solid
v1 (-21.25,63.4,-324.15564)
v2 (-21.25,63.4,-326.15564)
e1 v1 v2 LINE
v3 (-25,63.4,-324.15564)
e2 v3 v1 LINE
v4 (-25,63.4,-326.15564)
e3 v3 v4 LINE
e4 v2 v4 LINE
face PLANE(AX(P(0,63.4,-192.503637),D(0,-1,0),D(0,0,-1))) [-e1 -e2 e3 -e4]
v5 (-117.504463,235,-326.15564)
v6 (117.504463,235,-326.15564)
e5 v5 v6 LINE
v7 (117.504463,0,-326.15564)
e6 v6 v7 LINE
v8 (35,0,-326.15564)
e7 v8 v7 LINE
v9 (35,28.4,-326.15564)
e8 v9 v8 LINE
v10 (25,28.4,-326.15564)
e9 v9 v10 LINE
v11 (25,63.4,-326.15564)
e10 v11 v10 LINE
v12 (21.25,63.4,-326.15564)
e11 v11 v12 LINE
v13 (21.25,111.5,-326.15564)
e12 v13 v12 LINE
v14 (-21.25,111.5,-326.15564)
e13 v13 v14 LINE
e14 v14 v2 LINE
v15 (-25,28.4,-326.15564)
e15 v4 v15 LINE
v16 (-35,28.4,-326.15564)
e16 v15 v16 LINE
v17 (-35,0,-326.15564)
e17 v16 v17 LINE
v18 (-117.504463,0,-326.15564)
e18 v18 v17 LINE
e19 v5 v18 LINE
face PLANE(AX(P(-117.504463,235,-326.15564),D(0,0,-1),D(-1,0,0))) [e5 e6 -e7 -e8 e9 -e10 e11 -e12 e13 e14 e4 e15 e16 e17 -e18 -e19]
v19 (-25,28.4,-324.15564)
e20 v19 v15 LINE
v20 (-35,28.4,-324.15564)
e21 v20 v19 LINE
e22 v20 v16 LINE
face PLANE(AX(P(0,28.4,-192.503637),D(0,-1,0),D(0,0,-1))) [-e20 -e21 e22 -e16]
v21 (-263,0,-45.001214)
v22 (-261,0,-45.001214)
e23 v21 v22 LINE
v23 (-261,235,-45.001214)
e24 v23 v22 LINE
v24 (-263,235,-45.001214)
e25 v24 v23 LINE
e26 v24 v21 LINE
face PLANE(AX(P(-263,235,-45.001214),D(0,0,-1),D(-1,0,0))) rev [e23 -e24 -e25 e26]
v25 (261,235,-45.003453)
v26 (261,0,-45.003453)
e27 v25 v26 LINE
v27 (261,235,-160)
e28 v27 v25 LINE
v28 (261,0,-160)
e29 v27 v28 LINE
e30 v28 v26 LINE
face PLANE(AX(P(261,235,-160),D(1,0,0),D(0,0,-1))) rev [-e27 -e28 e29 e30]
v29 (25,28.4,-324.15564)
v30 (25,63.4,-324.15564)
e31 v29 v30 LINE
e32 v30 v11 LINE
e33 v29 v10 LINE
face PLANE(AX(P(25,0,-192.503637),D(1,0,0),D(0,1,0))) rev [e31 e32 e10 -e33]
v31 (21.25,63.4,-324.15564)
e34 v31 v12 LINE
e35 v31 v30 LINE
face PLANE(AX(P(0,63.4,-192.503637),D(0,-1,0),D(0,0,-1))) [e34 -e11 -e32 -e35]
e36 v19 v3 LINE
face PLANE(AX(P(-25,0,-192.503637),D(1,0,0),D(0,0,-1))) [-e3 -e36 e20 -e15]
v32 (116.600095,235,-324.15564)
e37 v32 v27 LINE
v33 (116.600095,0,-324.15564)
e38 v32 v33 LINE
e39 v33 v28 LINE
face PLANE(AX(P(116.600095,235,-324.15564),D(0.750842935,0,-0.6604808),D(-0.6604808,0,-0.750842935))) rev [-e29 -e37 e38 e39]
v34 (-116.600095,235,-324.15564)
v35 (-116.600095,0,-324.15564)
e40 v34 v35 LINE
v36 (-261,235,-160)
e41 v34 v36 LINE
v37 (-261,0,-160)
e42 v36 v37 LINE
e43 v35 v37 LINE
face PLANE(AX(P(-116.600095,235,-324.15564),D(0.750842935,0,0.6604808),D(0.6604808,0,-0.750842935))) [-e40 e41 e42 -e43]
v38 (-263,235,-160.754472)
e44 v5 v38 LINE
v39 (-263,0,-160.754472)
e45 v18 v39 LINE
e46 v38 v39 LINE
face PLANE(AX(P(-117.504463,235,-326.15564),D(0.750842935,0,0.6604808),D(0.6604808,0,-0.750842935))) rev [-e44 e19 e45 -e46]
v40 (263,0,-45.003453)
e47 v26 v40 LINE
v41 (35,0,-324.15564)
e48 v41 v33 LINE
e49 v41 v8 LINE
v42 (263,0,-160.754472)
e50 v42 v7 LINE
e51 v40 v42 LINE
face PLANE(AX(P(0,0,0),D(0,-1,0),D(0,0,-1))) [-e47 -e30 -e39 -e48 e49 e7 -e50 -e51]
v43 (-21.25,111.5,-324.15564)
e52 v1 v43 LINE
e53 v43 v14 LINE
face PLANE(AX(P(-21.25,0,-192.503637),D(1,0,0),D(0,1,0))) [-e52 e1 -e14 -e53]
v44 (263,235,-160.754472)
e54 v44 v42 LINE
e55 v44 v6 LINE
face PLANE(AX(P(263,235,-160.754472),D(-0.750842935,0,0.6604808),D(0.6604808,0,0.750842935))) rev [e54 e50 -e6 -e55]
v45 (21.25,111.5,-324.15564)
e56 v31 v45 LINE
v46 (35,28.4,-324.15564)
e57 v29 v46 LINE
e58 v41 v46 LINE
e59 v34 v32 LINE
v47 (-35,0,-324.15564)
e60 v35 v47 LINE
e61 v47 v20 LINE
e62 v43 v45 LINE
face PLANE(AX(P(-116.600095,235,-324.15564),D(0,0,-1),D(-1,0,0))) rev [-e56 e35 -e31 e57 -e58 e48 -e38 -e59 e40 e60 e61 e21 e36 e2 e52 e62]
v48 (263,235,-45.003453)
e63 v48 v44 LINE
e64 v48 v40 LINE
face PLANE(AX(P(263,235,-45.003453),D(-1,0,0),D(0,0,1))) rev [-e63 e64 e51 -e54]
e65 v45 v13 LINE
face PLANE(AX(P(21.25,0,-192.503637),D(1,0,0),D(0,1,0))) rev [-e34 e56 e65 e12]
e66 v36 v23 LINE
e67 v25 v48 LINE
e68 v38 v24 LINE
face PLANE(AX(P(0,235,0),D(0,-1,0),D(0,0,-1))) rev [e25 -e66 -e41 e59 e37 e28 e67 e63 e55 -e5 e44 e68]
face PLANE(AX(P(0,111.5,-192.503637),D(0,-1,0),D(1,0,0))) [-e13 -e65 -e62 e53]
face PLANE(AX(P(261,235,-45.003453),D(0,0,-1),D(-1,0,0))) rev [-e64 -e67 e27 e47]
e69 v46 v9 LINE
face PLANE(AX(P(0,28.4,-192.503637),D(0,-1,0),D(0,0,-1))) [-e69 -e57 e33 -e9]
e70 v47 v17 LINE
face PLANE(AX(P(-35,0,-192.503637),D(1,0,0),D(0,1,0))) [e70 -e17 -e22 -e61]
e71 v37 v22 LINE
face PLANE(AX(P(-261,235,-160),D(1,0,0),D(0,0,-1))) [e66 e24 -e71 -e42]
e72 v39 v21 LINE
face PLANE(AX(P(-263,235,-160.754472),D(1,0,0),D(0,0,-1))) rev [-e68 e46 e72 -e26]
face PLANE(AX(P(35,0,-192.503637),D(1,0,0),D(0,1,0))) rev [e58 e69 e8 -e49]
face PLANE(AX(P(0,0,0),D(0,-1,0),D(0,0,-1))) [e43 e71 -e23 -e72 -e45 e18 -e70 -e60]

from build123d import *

# Parameters (mm, degrees)
BOSS_EXTRUDE5_DEPTH = 234.9999999
SKETCH4_W           = 42.5
SKETCH4_H           = 48.09999997
CUT_EXTRUDE1_DEPTH  = 2.000000064


with BuildPart() as part:
    # Sketch1 → Boss-Extrude5 (new body)
    with BuildSketch(Plane(origin=(0, 0, 0), x_dir=(1, 0, 0), z_dir=(0, 1, 0))):
        Polygon((-117.504462868, 326.155640462), (117.504462868, 326.155640462), (263.000000064, 160.754471715), (263.000000064, 45.003453118), (261, 45.003453118), (261, 160), (116.600094822, 324.155640398), (-116.600094822, 324.155640398), (-261, 160), (-261, 45.001214275), (-263.000000064, 45.001214275), (-263.000000064, 160.754471715), align=None)
    extrude(amount=BOSS_EXTRUDE5_DEPTH)

    # Sketch4 → Cut-Extrude1 (cut)
    with BuildSketch(Plane(origin=(0, 0, -326.155640462), x_dir=(-1, 0, 0), z_dir=(0, 0, -1))):
        with Locations((0, 87.449999931)):
            Rectangle(SKETCH4_W, SKETCH4_H)
        Polygon((-25, 63.399999946), (-25, 28.4), (25, 28.4), (25, 63.399999946), (21.25, 63.399999946), (-21.25, 63.399999946), align=None)
        Polygon((-25, 28.4), (-35, 28.4), (-35, 0), (35, 0), (35, 28.4), (25, 28.4), align=None)
    extrude(amount=-CUT_EXTRUDE1_DEPTH, mode=Mode.SUBTRACT)


solid = part.part
